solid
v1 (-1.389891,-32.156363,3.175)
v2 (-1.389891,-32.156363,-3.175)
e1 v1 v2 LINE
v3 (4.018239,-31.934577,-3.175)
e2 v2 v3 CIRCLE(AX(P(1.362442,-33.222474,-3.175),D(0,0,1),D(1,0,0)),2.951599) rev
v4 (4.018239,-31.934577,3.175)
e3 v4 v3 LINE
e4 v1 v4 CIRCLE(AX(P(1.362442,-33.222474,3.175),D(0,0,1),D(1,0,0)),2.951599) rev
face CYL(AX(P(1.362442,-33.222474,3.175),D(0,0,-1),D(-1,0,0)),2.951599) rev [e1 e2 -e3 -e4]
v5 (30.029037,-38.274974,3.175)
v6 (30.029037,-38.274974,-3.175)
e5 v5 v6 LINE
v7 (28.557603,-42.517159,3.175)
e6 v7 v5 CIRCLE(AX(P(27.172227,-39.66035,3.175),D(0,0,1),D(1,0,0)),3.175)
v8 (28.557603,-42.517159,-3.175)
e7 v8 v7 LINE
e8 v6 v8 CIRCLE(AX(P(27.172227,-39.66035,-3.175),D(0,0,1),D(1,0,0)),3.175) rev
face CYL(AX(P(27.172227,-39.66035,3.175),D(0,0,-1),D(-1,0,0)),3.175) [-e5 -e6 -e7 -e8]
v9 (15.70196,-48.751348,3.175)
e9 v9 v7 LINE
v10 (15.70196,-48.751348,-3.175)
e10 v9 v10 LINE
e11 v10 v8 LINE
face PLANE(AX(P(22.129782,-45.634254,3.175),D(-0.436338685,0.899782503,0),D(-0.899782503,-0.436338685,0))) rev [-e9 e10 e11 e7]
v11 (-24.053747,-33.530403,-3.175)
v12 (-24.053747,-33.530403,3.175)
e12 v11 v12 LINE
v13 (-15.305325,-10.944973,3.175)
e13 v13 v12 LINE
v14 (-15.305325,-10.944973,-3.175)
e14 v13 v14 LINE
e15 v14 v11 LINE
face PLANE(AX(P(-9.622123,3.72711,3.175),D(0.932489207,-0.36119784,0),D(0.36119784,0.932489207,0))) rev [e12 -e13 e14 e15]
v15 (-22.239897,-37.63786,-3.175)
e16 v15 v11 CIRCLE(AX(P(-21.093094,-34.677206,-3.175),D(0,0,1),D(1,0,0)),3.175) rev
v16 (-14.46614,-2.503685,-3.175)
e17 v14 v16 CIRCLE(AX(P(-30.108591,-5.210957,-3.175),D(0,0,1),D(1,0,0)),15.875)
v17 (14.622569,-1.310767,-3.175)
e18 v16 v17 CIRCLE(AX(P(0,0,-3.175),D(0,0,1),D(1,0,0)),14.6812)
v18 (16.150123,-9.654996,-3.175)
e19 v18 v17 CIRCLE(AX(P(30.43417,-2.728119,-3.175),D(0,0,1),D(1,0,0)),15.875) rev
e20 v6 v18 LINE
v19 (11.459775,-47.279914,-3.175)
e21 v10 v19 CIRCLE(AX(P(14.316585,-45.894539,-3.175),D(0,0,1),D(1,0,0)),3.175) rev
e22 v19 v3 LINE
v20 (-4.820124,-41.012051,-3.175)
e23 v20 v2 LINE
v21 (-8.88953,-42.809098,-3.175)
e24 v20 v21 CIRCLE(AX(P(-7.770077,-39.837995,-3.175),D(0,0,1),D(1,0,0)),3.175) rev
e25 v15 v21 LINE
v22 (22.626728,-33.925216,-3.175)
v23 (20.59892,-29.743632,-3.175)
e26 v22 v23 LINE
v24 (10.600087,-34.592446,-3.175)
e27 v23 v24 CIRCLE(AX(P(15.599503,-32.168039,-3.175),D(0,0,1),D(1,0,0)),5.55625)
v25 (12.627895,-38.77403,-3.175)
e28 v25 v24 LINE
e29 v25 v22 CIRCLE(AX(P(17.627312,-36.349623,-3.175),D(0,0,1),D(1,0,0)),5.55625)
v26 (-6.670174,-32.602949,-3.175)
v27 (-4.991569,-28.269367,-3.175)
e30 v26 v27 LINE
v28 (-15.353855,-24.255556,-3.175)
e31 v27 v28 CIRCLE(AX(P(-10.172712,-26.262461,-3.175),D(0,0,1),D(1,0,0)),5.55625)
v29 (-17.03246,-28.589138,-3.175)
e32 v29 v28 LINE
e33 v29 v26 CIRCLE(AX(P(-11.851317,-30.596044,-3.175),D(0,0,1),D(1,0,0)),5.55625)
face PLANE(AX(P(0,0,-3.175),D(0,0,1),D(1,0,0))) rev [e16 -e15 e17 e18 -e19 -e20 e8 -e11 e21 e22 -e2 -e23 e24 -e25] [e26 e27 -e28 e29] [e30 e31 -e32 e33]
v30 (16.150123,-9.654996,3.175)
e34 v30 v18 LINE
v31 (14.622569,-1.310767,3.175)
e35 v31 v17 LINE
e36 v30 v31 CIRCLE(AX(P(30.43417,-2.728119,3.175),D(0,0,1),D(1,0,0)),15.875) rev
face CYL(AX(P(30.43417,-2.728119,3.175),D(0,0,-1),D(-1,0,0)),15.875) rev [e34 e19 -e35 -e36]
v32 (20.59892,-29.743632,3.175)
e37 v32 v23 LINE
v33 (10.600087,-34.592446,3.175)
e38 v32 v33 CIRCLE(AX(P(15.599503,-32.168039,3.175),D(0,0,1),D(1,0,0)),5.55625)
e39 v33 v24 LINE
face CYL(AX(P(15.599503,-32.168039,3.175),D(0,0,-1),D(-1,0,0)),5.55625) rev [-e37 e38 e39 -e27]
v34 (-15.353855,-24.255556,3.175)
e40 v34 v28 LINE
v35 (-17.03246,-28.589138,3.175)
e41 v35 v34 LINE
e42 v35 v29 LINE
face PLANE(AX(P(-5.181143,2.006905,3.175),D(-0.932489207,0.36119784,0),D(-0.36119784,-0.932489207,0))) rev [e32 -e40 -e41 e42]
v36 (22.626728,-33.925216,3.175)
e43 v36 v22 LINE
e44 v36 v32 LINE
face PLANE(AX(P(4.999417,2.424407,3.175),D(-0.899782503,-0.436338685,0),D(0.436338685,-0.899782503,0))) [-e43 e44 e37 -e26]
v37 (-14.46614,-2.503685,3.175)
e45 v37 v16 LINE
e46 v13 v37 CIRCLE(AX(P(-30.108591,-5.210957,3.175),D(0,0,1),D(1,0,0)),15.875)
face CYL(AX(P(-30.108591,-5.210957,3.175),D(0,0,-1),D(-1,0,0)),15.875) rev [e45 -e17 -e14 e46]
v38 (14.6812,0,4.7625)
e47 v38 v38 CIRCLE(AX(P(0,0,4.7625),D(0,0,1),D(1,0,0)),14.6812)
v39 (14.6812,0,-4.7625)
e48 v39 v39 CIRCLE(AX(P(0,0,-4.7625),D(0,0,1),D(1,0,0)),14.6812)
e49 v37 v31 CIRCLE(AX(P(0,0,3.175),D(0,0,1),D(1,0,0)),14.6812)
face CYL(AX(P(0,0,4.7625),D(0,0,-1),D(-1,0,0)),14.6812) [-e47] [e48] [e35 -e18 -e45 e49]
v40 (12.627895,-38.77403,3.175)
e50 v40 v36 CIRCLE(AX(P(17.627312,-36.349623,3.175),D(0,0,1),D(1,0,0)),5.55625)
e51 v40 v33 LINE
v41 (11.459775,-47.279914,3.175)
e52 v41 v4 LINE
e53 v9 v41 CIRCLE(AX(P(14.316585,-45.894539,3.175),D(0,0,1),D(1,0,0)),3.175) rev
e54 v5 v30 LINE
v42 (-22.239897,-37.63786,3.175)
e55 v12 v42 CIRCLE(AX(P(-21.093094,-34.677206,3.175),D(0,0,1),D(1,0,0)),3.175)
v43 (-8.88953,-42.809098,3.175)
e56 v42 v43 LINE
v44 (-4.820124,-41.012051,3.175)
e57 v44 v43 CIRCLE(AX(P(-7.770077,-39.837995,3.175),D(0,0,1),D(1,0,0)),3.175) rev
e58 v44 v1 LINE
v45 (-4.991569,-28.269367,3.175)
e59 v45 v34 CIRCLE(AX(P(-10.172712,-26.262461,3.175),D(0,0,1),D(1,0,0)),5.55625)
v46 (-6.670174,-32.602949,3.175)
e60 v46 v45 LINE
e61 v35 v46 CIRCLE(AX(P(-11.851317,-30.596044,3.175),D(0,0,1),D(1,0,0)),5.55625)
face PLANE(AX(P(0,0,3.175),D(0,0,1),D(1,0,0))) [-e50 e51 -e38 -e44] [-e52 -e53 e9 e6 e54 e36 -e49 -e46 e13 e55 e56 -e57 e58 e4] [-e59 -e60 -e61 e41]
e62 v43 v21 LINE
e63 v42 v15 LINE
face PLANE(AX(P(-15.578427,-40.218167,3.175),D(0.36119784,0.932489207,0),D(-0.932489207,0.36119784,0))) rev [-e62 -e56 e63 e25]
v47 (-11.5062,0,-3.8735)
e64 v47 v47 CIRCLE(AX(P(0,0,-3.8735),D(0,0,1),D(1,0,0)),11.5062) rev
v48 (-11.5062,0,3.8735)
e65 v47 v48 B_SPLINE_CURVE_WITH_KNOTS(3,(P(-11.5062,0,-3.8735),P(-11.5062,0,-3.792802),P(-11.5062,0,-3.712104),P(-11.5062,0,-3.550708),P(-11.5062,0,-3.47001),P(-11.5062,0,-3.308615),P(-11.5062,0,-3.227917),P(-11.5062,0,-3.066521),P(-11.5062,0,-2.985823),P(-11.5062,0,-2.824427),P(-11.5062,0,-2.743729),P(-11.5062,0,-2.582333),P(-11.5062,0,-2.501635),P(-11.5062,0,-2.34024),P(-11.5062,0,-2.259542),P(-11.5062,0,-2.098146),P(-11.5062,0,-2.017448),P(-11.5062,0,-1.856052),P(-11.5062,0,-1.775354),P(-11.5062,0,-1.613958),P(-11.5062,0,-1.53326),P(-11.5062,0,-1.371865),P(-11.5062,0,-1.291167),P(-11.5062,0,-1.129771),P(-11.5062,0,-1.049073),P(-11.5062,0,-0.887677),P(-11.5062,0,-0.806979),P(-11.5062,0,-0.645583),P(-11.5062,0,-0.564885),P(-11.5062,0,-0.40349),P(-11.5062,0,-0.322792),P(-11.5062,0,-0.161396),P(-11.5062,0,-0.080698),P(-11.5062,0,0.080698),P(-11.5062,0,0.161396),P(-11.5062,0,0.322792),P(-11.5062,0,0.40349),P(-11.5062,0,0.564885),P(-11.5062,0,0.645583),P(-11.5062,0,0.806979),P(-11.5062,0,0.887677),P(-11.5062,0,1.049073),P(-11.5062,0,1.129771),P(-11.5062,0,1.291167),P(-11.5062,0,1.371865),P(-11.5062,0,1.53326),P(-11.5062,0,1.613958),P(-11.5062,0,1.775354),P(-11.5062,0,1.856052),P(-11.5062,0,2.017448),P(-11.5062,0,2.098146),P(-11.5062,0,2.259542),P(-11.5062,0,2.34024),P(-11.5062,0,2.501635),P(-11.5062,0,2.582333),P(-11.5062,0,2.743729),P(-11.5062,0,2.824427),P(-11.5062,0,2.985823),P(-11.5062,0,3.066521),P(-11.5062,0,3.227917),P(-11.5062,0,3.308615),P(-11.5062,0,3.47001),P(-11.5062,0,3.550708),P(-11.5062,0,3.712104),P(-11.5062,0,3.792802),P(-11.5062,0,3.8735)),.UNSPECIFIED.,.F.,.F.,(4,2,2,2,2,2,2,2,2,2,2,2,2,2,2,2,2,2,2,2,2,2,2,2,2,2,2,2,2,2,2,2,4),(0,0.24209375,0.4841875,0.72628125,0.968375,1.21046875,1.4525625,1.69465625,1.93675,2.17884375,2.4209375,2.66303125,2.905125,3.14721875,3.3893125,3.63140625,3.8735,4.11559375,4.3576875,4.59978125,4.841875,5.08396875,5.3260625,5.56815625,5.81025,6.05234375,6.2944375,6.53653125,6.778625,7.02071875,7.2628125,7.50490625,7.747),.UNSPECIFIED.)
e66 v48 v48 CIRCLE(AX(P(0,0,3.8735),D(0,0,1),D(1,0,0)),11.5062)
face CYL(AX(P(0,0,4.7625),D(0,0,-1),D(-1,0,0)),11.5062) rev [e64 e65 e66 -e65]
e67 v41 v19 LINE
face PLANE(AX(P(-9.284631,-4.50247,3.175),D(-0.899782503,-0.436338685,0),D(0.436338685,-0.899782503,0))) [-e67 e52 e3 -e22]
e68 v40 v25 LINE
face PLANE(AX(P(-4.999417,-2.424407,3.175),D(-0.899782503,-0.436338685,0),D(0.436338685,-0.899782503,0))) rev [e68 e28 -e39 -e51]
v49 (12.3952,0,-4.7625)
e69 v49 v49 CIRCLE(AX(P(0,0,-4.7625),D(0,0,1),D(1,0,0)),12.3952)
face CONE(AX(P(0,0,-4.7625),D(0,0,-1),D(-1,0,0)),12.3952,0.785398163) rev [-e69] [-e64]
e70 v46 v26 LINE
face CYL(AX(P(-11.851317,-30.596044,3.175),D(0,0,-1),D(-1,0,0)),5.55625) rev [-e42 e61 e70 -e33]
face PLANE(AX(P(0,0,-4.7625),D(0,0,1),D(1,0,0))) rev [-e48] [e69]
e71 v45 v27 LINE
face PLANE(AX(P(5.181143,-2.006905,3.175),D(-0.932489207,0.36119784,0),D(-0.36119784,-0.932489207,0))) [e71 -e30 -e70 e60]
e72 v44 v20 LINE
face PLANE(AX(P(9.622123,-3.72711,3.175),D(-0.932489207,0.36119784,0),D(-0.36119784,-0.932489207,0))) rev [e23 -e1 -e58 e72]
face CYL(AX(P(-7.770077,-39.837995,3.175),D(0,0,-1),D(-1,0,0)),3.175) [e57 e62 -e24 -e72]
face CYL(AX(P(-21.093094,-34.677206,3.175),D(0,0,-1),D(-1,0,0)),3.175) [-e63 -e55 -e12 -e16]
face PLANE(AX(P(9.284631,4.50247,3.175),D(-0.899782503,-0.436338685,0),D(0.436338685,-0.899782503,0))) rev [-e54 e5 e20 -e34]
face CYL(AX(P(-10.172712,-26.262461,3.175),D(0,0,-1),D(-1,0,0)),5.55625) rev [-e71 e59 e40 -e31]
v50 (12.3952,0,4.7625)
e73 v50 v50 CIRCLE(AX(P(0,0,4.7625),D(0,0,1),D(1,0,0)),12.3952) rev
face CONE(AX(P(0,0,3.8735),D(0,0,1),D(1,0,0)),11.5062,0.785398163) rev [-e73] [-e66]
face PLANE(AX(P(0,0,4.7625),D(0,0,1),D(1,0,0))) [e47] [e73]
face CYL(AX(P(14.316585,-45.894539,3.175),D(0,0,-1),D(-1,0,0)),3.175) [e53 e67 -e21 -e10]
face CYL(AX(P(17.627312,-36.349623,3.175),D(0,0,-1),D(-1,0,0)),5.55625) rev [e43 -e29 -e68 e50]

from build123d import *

# Parameters (mm, degrees)
SKETCH1_R           = 11.5062
BOSS_EXTRUDE2_DEPTH = 4.7625
BOSS_EXTRUDE3_DEPTH = 3.175
FILLET1_R           = 3.175
CHAMFER1_SIZE       = 0.889


with BuildPart() as part:
    # Sketch1 → Boss-Extrude2 (new, symmetric)
    with BuildSketch(Plane.XY):
        with BuildLine():
            ThreePointArc((14.622568956, -1.310767167), (-0.601565421, 14.668870184), (-14.466139546, -2.503685297))
            ThreePointArc((-14.466139546, -2.503685297), (0.601565421, -14.668870184), (14.622568956, -1.310767167))
        make_face()
        Circle(SKETCH1_R, mode=Mode.SUBTRACT)
    extrude(amount=BOSS_EXTRUDE2_DEPTH, both=True)

    # Sketch1<4> → Boss-Extrude3 (add, symmetric)
    with BuildSketch(Plane.XY):
        with BuildLine():
            ThreePointArc((-14.466139546, -2.503685297), (-14.311462857, -6.781419913), (-15.305325324, -10.94497317))
            Line((-15.305325324, -10.94497317), (-25.200549915, -36.491056527))
            Line((-25.200549915, -36.491056527), (-8.944132177, -42.787947613))
            ThreePointArc((-8.944132177, -42.787947613), (-6.514327997, -42.754109018), (-4.820124483, -41.012050504))
            Line((-4.820124483, -41.012050504), (-1.389891456, -32.156362789))
            ThreePointArc((-1.389891456, -32.156362789), (1.241500044, -30.27335404), (4.018239298, -31.93457717))
            Line((4.018239298, -31.93457717), (11.459775477, -47.279913889))
            ThreePointArc((11.459775477, -47.279913889), (13.276123878, -48.894216183), (15.701960247, -48.75134801))
            Line((15.701960247, -48.75134801), (31.414412198, -41.131783721))
            Line((31.414412198, -41.131783721), (16.150123108, -9.654995833))
            ThreePointArc((16.150123108, -9.654995833), (14.818679492, -5.586802595), (14.622568956, -1.310767167))
            ThreePointArc((14.622568956, -1.310767167), (0.601565421, -14.668870184), (-14.466139546, -2.503685297))
        make_face()
        with BuildLine():
            ThreePointArc((-6.67017355, -32.602949236), (-13.858222202, -35.777186892), (-17.032459858, -28.58913824))
            Line((-17.032459858, -28.58913824), (-15.353855363, -24.25555592))
            ThreePointArc((-15.353855363, -24.25555592), (-8.165806711, -21.081318264), (-4.991569055, -28.269366916))
            Line((-4.991569055, -28.269366916), (-6.67017355, -32.602949236))
        make_face(mode=Mode.SUBTRACT)
        with BuildLine():
            ThreePointArc((22.626728223, -33.925216011), (20.051718512, -41.34903936), (12.627895164, -38.774029649))
            Line((12.627895164, -38.774029649), (10.600086587, -34.59244608))
            ThreePointArc((10.600086587, -34.59244608), (13.175096297, -27.168622731), (20.598919646, -29.743632442))
            Line((20.598919646, -29.743632442), (22.626728223, -33.925216011))
        make_face(mode=Mode.SUBTRACT)
    extrude(amount=BOSS_EXTRUDE3_DEPTH, both=True)

    # Fillet1
    fillet1_edges = [part.edges().sort_by_distance(p)[0] for p in [
        (-25.200549915, -36.491056527, 0),
        (31.414412198, -41.131783721, 0),
    ]]
    fillet(fillet1_edges, radius=FILLET1_R)

    # Chamfer1
    chamfer1_edges = [part.edges().sort_by_distance(p)[0] for p in [
        (-11.5062, 0, -4.7625),
        (-11.5062, 0, 4.7625),
    ]]
    chamfer(chamfer1_edges, length=CHAMFER1_SIZE)


solid = part.part
